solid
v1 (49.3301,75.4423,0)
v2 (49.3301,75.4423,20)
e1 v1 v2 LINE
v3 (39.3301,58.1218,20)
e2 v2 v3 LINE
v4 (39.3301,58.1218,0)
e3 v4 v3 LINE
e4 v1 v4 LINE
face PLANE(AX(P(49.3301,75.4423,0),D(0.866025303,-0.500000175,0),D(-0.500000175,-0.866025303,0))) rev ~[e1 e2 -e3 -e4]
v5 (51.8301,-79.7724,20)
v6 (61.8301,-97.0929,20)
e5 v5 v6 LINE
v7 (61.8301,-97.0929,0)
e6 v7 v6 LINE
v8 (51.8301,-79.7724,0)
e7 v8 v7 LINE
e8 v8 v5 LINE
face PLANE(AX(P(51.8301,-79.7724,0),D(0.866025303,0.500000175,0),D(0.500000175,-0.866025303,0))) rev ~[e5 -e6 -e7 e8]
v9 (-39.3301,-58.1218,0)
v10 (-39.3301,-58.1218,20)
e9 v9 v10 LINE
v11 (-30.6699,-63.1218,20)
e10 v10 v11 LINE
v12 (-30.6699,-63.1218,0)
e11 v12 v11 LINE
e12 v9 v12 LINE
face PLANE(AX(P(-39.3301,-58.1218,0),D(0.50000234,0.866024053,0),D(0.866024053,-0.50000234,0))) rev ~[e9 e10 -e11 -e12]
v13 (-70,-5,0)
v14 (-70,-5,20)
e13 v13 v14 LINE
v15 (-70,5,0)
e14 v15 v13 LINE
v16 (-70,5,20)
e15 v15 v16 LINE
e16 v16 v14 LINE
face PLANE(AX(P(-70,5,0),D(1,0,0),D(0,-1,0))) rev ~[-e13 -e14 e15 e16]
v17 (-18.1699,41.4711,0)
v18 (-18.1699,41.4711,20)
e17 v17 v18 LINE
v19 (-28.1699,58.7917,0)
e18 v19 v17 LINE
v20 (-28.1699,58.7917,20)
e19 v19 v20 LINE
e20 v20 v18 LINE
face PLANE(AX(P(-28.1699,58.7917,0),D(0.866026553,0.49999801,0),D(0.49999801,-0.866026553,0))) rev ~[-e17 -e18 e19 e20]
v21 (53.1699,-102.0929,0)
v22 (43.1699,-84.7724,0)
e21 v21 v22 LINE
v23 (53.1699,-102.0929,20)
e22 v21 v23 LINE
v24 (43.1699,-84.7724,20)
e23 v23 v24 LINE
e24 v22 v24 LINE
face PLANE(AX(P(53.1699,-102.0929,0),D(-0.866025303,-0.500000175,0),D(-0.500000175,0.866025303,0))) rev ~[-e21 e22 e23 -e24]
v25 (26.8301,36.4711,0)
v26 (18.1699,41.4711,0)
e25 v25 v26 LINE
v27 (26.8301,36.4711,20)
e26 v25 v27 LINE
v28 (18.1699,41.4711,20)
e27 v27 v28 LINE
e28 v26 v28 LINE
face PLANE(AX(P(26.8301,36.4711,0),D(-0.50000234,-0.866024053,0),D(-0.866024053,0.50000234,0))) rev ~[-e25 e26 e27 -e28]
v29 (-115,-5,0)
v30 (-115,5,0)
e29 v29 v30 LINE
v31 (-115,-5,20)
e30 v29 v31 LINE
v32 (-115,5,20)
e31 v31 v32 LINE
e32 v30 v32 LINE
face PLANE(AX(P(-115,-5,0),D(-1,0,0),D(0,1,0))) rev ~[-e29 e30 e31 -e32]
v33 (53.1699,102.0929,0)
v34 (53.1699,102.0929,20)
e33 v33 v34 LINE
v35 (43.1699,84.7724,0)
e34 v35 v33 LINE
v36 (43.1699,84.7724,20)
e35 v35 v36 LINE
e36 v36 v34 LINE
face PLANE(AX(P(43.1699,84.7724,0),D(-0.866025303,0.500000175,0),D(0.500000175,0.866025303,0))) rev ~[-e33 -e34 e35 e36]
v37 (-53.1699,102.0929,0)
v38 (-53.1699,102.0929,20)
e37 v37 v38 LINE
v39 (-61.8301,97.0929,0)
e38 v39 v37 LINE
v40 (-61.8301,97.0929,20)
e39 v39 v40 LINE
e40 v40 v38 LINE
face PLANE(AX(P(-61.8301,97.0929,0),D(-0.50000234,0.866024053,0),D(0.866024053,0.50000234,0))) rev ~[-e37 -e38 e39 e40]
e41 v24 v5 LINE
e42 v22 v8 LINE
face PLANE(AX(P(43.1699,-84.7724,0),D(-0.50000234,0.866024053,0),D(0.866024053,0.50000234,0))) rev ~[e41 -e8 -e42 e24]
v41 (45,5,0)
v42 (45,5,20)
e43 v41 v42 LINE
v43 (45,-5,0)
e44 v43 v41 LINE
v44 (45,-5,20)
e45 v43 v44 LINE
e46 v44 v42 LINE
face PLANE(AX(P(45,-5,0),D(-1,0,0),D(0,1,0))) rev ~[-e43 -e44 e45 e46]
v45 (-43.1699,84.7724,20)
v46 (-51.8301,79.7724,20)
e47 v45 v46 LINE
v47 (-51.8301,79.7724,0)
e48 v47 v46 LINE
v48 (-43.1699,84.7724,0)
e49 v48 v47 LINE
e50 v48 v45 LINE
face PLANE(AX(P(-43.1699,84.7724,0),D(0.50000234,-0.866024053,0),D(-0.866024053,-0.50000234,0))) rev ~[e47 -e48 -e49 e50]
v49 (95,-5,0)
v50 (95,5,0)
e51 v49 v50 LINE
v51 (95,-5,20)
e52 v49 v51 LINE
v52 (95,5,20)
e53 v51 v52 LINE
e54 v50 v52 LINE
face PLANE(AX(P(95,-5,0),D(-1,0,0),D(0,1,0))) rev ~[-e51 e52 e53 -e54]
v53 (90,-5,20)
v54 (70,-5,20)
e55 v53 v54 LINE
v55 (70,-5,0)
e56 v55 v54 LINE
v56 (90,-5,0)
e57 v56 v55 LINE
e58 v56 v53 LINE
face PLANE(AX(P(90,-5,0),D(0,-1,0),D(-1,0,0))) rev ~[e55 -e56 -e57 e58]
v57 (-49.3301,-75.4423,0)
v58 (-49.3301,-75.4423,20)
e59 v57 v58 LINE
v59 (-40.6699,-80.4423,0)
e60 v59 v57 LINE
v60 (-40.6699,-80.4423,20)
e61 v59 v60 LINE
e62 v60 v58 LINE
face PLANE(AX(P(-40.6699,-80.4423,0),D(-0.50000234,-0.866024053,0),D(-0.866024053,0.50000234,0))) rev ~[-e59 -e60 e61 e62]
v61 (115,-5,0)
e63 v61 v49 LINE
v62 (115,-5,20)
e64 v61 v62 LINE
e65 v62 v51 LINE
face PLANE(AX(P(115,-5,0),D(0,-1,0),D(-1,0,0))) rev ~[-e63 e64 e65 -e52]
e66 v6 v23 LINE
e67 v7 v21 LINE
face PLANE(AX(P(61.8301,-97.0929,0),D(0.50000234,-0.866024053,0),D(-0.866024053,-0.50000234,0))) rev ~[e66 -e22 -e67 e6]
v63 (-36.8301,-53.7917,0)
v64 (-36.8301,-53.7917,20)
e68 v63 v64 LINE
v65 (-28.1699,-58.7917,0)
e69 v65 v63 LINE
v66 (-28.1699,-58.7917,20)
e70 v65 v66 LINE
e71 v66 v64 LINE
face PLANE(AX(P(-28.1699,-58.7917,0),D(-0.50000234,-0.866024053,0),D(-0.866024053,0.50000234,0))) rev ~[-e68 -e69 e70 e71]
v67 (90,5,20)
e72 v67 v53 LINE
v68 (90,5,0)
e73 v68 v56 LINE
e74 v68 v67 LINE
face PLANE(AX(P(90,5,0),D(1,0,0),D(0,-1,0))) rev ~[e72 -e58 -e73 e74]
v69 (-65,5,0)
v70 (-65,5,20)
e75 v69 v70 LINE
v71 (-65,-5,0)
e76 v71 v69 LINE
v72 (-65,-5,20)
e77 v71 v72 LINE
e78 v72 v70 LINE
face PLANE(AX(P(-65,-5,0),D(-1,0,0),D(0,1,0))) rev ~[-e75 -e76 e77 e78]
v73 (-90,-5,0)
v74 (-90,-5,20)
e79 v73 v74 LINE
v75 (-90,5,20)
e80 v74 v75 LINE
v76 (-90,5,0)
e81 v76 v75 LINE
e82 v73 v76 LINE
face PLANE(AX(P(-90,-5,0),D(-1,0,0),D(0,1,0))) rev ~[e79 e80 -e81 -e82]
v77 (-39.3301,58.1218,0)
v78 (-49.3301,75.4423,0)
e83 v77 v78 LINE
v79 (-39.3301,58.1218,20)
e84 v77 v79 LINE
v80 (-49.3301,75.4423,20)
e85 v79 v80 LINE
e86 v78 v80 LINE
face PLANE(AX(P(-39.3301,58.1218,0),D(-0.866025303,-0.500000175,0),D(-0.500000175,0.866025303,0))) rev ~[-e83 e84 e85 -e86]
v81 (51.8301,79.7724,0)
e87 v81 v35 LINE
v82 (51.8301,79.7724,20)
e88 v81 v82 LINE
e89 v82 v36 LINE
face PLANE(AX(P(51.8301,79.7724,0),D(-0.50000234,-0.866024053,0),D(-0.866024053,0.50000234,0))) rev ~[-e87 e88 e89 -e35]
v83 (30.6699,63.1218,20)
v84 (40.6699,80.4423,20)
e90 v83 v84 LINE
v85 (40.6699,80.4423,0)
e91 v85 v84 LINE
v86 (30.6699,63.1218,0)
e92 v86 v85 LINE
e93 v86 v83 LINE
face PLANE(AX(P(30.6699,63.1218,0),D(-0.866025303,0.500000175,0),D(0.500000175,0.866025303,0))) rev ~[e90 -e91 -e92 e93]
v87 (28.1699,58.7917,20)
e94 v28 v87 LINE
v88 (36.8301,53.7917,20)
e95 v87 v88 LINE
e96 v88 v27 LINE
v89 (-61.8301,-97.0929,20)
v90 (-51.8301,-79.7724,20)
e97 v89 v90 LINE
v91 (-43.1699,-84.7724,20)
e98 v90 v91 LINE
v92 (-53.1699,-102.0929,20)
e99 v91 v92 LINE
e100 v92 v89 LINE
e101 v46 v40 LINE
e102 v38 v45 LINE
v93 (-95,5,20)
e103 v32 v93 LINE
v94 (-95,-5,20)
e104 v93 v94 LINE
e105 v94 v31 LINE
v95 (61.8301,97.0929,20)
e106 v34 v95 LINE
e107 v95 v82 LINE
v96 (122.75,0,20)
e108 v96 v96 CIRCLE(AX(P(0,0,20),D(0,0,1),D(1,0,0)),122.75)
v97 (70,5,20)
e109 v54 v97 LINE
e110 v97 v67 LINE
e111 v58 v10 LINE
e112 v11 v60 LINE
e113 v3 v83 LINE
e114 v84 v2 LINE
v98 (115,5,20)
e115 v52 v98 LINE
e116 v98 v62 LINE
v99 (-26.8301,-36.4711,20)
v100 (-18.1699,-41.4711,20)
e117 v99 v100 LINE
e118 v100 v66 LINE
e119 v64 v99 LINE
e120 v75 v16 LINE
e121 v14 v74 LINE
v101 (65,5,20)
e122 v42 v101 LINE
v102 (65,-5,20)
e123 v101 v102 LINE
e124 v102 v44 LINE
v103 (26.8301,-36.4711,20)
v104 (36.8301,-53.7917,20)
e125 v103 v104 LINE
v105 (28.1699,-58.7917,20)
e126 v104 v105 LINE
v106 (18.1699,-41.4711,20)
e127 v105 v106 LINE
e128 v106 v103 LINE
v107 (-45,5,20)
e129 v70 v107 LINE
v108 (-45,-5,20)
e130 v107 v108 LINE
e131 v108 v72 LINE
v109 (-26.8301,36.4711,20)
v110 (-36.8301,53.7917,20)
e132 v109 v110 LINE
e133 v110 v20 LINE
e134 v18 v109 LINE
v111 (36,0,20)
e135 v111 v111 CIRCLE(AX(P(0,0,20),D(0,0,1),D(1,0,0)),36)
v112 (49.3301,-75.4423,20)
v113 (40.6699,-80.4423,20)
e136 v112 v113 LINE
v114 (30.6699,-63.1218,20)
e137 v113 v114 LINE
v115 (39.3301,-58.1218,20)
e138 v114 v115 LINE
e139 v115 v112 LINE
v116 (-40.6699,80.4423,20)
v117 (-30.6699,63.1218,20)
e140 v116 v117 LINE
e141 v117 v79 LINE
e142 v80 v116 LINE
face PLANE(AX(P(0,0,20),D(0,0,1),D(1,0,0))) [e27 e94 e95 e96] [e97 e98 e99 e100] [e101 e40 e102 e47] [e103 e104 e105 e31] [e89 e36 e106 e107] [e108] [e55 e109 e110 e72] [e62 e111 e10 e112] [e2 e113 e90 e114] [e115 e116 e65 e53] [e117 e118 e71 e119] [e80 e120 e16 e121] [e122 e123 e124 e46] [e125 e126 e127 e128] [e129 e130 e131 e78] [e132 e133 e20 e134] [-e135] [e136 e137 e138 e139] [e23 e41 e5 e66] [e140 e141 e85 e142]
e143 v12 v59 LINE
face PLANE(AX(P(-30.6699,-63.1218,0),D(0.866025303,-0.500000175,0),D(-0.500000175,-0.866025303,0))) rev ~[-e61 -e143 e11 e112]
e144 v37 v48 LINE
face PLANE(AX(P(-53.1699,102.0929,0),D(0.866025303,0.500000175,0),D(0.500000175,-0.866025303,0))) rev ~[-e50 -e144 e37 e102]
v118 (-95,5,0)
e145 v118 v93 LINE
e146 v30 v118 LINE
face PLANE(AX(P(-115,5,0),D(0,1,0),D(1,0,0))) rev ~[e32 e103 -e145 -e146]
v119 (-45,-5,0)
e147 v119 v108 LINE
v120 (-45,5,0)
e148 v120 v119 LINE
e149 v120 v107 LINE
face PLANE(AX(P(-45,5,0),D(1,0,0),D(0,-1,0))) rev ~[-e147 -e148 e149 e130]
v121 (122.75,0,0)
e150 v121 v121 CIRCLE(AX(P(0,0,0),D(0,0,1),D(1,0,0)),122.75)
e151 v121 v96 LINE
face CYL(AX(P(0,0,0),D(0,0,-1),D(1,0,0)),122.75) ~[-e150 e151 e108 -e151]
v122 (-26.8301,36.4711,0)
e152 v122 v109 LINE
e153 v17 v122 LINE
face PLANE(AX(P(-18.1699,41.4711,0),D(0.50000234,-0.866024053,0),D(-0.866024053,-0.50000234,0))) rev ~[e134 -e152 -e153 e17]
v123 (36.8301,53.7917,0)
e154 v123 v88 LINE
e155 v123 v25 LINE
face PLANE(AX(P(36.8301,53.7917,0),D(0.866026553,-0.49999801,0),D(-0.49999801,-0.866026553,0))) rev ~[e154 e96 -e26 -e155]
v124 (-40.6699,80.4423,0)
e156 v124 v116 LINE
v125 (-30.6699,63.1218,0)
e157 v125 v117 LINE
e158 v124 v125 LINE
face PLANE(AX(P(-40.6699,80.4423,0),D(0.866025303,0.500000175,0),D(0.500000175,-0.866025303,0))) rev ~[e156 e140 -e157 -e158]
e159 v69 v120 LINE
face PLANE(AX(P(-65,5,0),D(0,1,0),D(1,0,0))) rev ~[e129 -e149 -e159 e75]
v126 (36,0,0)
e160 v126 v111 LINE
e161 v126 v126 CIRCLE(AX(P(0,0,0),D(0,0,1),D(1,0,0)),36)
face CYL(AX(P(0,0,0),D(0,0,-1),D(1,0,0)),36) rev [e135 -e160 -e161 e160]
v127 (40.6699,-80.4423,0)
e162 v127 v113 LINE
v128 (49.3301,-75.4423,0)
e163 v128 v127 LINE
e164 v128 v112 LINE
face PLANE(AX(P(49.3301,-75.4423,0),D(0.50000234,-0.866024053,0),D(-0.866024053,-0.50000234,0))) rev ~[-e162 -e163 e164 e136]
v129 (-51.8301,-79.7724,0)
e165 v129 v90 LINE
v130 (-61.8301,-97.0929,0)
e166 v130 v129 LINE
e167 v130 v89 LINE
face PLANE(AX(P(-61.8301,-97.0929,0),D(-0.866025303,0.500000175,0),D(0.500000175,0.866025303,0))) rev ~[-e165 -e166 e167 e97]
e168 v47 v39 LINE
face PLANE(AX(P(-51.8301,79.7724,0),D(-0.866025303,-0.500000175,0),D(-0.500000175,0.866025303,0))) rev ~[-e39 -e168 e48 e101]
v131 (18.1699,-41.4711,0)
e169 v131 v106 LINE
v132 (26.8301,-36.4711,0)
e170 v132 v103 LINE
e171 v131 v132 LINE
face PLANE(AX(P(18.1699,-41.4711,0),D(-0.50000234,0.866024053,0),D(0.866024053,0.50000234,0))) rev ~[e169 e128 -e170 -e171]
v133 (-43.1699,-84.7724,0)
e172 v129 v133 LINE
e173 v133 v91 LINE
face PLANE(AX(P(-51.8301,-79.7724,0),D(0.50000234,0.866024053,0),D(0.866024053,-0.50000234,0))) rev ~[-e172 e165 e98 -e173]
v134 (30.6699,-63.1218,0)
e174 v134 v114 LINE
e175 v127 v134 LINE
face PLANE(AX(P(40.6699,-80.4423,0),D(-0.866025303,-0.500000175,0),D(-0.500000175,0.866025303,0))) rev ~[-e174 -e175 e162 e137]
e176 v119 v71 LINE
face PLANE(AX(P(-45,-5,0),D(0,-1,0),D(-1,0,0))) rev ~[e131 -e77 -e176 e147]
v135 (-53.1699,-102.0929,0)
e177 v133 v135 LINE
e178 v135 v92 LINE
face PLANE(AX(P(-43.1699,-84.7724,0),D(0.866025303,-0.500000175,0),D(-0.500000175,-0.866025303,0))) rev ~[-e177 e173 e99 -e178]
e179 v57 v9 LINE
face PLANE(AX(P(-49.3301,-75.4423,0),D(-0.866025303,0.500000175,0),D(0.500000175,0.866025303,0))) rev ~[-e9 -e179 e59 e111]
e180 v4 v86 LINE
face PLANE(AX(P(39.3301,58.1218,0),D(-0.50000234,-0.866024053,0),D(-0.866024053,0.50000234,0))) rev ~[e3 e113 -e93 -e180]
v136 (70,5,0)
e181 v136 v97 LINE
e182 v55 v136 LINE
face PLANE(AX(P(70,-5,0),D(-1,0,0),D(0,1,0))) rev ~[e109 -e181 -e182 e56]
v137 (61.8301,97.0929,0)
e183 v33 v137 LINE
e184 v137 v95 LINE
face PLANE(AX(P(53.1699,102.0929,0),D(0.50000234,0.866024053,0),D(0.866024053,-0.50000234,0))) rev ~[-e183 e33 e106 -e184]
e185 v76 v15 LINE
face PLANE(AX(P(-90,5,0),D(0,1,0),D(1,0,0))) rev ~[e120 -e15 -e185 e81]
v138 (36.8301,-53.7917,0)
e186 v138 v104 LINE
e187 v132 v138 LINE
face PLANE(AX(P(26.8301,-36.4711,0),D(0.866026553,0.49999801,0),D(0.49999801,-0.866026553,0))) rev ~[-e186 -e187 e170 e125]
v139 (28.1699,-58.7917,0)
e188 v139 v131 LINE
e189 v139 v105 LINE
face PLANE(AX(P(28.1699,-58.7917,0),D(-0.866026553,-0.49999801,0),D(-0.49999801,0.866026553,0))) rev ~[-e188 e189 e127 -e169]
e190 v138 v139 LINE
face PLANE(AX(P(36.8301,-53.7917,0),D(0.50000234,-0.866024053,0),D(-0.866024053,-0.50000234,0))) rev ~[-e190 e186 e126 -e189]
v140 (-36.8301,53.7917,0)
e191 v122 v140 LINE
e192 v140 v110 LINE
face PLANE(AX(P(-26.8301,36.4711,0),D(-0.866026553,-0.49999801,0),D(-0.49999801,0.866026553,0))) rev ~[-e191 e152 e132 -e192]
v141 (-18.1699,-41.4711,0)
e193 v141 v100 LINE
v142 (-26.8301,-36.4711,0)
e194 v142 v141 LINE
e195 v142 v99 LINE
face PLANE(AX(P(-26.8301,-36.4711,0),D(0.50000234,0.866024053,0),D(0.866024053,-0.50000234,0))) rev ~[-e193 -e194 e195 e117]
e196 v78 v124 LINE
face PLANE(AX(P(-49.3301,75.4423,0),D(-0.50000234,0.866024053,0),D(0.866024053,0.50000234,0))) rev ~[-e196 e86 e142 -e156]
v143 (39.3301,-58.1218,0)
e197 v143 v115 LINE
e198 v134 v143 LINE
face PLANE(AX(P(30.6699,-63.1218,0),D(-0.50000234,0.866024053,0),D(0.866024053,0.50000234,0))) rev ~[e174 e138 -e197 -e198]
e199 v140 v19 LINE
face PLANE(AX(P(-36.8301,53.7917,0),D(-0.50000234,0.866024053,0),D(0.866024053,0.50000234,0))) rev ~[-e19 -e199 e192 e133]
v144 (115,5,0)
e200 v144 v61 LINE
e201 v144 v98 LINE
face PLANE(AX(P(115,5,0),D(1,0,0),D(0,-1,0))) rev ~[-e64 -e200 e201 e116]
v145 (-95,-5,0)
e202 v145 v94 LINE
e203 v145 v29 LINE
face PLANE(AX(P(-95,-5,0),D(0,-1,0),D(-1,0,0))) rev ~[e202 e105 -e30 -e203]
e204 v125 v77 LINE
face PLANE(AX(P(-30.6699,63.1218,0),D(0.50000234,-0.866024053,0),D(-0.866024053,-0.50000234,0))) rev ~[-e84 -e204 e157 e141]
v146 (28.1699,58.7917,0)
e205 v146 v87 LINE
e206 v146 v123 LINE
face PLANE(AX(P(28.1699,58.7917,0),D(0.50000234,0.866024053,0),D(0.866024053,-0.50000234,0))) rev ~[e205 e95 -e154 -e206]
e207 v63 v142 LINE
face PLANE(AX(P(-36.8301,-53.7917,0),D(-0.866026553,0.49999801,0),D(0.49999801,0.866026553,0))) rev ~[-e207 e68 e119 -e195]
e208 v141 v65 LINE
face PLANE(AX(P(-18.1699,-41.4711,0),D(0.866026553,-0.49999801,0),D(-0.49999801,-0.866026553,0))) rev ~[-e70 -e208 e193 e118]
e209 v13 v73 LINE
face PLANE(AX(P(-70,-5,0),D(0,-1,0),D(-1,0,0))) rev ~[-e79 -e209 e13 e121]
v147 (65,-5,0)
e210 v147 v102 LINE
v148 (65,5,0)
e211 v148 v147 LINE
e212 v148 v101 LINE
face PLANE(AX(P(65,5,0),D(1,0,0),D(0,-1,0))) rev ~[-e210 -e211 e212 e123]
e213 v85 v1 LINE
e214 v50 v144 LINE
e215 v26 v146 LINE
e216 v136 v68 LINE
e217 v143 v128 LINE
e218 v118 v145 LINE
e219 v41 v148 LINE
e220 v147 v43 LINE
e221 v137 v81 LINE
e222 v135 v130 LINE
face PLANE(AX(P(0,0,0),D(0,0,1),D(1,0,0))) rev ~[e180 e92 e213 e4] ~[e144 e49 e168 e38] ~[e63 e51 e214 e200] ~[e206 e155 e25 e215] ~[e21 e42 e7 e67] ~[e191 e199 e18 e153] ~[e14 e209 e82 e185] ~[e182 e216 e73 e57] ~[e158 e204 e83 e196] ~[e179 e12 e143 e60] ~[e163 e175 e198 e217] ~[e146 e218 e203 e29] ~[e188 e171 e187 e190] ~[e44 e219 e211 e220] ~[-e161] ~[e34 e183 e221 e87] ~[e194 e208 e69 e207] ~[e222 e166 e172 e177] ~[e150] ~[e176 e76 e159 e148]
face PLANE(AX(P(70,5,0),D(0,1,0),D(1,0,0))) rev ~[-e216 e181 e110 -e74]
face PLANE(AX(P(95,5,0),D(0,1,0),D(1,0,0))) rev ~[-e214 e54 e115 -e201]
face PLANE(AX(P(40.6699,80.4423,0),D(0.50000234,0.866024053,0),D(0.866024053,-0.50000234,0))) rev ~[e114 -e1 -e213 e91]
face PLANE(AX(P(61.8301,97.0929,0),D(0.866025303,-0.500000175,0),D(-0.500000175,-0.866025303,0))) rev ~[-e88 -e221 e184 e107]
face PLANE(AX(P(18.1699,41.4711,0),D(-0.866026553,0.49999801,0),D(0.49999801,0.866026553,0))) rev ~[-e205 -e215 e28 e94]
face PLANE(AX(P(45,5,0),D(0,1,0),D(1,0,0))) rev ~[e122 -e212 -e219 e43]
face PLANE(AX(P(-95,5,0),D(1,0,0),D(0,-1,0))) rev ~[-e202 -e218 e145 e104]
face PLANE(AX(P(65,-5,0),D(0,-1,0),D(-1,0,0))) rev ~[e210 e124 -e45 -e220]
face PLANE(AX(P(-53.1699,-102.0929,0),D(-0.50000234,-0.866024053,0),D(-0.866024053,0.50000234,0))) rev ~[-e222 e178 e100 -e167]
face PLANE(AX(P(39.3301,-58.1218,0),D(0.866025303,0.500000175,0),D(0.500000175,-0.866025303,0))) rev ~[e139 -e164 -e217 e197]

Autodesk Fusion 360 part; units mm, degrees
sketch "Sketch1" plane through (0, 0, 0) normal (0, 0, 1) x (1, 0, 0)
  circle A0 centre (0, 0) radius 122.75
  circle A1 centre (0, 0) radius 36
  line L0 (45, 5) -> (65, 5)
  line L1 (65, 5) -> (65, -5)
  line L2 (65, -5) -> (45, -5)
  line L3 (45, -5) -> (45, 5)
  line L4 (70, -5) -> (70, 5)
  line L5 (70, 5) -> (90, 5)
  line L6 (90, -5) -> (70, -5)
  line L7 (90, 5) -> (90, -5)
  line L8 (95, -5) -> (95, 5)
  line L9 (95, 5) -> (115, 5)
  line L10 (115, -5) -> (95, -5)
  line L11 (115, 5) -> (115, -5)
  line L12 (40.6699, 80.4423) -> (49.3301, 75.4423)
  line L13 (18.1699, 41.4711) -> (28.1699, 58.7917)
  line L14 (49.3301, 75.4423) -> (39.3301, 58.1218)
  line L15 (28.1699, 58.7917) -> (36.8301, 53.7917)
  line L16 (30.6699, 63.1218) -> (40.6699, 80.4423)
  line L17 (53.1699, 102.0929) -> (61.8301, 97.0929)
  line L18 (51.8301, 79.7724) -> (43.1699, 84.7724)
  line L19 (43.1699, 84.7724) -> (53.1699, 102.0929)
  line L20 (61.8301, 97.0929) -> (51.8301, 79.7724)
  line L21 (26.8301, 36.4711) -> (18.1699, 41.4711)
  line L22 (39.3301, 58.1218) -> (30.6699, 63.1218)
  line L23 (36.8301, 53.7917) -> (26.8301, 36.4711)
  line L24 (-49.3301, 75.4423) -> (-40.6699, 80.4423)
  line L25 (-26.8301, 36.4711) -> (-36.8301, 53.7917)
  line L26 (-40.6699, 80.4423) -> (-30.6699, 63.1218)
  line L27 (-36.8301, 53.7917) -> (-28.1699, 58.7917)
  line L28 (-39.3301, 58.1218) -> (-49.3301, 75.4423)
  line L29 (-61.8301, 97.0929) -> (-53.1699, 102.0929)
  line L30 (-43.1699, 84.7724) -> (-51.8301, 79.7724)
  line L31 (-51.8301, 79.7724) -> (-61.8301, 97.0929)
  line L32 (-53.1699, 102.0929) -> (-43.1699, 84.7724)
  line L33 (-18.1699, 41.4711) -> (-26.8301, 36.4711)
  line L34 (-30.6699, 63.1218) -> (-39.3301, 58.1218)
  line L35 (-28.1699, 58.7917) -> (-18.1699, 41.4711)
  line L36 (-90, -5) -> (-90, 5)
  line L37 (-45, -5) -> (-65, -5)
  line L38 (-90, 5) -> (-70, 5)
  line L39 (-65, -5) -> (-65, 5)
  line L40 (-70, -5) -> (-90, -5)
  line L41 (-115, -5) -> (-115, 5)
  line L42 (-95, 5) -> (-95, -5)
  line L43 (-95, -5) -> (-115, -5)
  line L44 (-115, 5) -> (-95, 5)
  line L45 (-45, 5) -> (-45, -5)
  line L46 (-70, 5) -> (-70, -5)
  line L47 (-65, 5) -> (-45, 5)
  line L48 (-40.6699, -80.4423) -> (-49.3301, -75.4423)
  line L49 (-18.1699, -41.4711) -> (-28.1699, -58.7917)
  line L50 (-49.3301, -75.4423) -> (-39.3301, -58.1218)
  line L51 (-28.1699, -58.7917) -> (-36.8301, -53.7917)
  line L52 (-30.6699, -63.1218) -> (-40.6699, -80.4423)
  line L53 (-53.1699, -102.0929) -> (-61.8301, -97.0929)
  line L54 (-51.8301, -79.7724) -> (-43.1699, -84.7724)
  line L55 (-43.1699, -84.7724) -> (-53.1699, -102.0929)
  line L56 (-61.8301, -97.0929) -> (-51.8301, -79.7724)
  line L57 (-26.8301, -36.4711) -> (-18.1699, -41.4711)
  line L58 (-39.3301, -58.1218) -> (-30.6699, -63.1218)
  line L59 (-36.8301, -53.7917) -> (-26.8301, -36.4711)
  line L60 (49.3301, -75.4423) -> (40.6699, -80.4423)
  line L61 (26.8301, -36.4711) -> (36.8301, -53.7917)
  line L62 (40.6699, -80.4423) -> (30.6699, -63.1218)
  line L63 (36.8301, -53.7917) -> (28.1699, -58.7917)
  line L64 (39.3301, -58.1218) -> (49.3301, -75.4423)
  line L65 (61.8301, -97.0929) -> (53.1699, -102.0929)
  line L66 (43.1699, -84.7724) -> (51.8301, -79.7724)
  line L67 (51.8301, -79.7724) -> (61.8301, -97.0929)
  line L68 (53.1699, -102.0929) -> (43.1699, -84.7724)
  line L69 (18.1699, -41.4711) -> (26.8301, -36.4711)
  line L70 (30.6699, -63.1218) -> (39.3301, -58.1218)
  line L71 (28.1699, -58.7917) -> (18.1699, -41.4711)
  dimension "d1" = 245.5
  dimension "d2" = 72
  dimension "d4" = 20
  dimension "d5" = 10
  dimension "d6" = 20
  dimension "d7" = 10
  dimension "d8" = 20
  dimension "d9" = 10
  dimension "d11" = 360
extrude "Extrude1" add sketch "Sketch1" along normal blind 20
